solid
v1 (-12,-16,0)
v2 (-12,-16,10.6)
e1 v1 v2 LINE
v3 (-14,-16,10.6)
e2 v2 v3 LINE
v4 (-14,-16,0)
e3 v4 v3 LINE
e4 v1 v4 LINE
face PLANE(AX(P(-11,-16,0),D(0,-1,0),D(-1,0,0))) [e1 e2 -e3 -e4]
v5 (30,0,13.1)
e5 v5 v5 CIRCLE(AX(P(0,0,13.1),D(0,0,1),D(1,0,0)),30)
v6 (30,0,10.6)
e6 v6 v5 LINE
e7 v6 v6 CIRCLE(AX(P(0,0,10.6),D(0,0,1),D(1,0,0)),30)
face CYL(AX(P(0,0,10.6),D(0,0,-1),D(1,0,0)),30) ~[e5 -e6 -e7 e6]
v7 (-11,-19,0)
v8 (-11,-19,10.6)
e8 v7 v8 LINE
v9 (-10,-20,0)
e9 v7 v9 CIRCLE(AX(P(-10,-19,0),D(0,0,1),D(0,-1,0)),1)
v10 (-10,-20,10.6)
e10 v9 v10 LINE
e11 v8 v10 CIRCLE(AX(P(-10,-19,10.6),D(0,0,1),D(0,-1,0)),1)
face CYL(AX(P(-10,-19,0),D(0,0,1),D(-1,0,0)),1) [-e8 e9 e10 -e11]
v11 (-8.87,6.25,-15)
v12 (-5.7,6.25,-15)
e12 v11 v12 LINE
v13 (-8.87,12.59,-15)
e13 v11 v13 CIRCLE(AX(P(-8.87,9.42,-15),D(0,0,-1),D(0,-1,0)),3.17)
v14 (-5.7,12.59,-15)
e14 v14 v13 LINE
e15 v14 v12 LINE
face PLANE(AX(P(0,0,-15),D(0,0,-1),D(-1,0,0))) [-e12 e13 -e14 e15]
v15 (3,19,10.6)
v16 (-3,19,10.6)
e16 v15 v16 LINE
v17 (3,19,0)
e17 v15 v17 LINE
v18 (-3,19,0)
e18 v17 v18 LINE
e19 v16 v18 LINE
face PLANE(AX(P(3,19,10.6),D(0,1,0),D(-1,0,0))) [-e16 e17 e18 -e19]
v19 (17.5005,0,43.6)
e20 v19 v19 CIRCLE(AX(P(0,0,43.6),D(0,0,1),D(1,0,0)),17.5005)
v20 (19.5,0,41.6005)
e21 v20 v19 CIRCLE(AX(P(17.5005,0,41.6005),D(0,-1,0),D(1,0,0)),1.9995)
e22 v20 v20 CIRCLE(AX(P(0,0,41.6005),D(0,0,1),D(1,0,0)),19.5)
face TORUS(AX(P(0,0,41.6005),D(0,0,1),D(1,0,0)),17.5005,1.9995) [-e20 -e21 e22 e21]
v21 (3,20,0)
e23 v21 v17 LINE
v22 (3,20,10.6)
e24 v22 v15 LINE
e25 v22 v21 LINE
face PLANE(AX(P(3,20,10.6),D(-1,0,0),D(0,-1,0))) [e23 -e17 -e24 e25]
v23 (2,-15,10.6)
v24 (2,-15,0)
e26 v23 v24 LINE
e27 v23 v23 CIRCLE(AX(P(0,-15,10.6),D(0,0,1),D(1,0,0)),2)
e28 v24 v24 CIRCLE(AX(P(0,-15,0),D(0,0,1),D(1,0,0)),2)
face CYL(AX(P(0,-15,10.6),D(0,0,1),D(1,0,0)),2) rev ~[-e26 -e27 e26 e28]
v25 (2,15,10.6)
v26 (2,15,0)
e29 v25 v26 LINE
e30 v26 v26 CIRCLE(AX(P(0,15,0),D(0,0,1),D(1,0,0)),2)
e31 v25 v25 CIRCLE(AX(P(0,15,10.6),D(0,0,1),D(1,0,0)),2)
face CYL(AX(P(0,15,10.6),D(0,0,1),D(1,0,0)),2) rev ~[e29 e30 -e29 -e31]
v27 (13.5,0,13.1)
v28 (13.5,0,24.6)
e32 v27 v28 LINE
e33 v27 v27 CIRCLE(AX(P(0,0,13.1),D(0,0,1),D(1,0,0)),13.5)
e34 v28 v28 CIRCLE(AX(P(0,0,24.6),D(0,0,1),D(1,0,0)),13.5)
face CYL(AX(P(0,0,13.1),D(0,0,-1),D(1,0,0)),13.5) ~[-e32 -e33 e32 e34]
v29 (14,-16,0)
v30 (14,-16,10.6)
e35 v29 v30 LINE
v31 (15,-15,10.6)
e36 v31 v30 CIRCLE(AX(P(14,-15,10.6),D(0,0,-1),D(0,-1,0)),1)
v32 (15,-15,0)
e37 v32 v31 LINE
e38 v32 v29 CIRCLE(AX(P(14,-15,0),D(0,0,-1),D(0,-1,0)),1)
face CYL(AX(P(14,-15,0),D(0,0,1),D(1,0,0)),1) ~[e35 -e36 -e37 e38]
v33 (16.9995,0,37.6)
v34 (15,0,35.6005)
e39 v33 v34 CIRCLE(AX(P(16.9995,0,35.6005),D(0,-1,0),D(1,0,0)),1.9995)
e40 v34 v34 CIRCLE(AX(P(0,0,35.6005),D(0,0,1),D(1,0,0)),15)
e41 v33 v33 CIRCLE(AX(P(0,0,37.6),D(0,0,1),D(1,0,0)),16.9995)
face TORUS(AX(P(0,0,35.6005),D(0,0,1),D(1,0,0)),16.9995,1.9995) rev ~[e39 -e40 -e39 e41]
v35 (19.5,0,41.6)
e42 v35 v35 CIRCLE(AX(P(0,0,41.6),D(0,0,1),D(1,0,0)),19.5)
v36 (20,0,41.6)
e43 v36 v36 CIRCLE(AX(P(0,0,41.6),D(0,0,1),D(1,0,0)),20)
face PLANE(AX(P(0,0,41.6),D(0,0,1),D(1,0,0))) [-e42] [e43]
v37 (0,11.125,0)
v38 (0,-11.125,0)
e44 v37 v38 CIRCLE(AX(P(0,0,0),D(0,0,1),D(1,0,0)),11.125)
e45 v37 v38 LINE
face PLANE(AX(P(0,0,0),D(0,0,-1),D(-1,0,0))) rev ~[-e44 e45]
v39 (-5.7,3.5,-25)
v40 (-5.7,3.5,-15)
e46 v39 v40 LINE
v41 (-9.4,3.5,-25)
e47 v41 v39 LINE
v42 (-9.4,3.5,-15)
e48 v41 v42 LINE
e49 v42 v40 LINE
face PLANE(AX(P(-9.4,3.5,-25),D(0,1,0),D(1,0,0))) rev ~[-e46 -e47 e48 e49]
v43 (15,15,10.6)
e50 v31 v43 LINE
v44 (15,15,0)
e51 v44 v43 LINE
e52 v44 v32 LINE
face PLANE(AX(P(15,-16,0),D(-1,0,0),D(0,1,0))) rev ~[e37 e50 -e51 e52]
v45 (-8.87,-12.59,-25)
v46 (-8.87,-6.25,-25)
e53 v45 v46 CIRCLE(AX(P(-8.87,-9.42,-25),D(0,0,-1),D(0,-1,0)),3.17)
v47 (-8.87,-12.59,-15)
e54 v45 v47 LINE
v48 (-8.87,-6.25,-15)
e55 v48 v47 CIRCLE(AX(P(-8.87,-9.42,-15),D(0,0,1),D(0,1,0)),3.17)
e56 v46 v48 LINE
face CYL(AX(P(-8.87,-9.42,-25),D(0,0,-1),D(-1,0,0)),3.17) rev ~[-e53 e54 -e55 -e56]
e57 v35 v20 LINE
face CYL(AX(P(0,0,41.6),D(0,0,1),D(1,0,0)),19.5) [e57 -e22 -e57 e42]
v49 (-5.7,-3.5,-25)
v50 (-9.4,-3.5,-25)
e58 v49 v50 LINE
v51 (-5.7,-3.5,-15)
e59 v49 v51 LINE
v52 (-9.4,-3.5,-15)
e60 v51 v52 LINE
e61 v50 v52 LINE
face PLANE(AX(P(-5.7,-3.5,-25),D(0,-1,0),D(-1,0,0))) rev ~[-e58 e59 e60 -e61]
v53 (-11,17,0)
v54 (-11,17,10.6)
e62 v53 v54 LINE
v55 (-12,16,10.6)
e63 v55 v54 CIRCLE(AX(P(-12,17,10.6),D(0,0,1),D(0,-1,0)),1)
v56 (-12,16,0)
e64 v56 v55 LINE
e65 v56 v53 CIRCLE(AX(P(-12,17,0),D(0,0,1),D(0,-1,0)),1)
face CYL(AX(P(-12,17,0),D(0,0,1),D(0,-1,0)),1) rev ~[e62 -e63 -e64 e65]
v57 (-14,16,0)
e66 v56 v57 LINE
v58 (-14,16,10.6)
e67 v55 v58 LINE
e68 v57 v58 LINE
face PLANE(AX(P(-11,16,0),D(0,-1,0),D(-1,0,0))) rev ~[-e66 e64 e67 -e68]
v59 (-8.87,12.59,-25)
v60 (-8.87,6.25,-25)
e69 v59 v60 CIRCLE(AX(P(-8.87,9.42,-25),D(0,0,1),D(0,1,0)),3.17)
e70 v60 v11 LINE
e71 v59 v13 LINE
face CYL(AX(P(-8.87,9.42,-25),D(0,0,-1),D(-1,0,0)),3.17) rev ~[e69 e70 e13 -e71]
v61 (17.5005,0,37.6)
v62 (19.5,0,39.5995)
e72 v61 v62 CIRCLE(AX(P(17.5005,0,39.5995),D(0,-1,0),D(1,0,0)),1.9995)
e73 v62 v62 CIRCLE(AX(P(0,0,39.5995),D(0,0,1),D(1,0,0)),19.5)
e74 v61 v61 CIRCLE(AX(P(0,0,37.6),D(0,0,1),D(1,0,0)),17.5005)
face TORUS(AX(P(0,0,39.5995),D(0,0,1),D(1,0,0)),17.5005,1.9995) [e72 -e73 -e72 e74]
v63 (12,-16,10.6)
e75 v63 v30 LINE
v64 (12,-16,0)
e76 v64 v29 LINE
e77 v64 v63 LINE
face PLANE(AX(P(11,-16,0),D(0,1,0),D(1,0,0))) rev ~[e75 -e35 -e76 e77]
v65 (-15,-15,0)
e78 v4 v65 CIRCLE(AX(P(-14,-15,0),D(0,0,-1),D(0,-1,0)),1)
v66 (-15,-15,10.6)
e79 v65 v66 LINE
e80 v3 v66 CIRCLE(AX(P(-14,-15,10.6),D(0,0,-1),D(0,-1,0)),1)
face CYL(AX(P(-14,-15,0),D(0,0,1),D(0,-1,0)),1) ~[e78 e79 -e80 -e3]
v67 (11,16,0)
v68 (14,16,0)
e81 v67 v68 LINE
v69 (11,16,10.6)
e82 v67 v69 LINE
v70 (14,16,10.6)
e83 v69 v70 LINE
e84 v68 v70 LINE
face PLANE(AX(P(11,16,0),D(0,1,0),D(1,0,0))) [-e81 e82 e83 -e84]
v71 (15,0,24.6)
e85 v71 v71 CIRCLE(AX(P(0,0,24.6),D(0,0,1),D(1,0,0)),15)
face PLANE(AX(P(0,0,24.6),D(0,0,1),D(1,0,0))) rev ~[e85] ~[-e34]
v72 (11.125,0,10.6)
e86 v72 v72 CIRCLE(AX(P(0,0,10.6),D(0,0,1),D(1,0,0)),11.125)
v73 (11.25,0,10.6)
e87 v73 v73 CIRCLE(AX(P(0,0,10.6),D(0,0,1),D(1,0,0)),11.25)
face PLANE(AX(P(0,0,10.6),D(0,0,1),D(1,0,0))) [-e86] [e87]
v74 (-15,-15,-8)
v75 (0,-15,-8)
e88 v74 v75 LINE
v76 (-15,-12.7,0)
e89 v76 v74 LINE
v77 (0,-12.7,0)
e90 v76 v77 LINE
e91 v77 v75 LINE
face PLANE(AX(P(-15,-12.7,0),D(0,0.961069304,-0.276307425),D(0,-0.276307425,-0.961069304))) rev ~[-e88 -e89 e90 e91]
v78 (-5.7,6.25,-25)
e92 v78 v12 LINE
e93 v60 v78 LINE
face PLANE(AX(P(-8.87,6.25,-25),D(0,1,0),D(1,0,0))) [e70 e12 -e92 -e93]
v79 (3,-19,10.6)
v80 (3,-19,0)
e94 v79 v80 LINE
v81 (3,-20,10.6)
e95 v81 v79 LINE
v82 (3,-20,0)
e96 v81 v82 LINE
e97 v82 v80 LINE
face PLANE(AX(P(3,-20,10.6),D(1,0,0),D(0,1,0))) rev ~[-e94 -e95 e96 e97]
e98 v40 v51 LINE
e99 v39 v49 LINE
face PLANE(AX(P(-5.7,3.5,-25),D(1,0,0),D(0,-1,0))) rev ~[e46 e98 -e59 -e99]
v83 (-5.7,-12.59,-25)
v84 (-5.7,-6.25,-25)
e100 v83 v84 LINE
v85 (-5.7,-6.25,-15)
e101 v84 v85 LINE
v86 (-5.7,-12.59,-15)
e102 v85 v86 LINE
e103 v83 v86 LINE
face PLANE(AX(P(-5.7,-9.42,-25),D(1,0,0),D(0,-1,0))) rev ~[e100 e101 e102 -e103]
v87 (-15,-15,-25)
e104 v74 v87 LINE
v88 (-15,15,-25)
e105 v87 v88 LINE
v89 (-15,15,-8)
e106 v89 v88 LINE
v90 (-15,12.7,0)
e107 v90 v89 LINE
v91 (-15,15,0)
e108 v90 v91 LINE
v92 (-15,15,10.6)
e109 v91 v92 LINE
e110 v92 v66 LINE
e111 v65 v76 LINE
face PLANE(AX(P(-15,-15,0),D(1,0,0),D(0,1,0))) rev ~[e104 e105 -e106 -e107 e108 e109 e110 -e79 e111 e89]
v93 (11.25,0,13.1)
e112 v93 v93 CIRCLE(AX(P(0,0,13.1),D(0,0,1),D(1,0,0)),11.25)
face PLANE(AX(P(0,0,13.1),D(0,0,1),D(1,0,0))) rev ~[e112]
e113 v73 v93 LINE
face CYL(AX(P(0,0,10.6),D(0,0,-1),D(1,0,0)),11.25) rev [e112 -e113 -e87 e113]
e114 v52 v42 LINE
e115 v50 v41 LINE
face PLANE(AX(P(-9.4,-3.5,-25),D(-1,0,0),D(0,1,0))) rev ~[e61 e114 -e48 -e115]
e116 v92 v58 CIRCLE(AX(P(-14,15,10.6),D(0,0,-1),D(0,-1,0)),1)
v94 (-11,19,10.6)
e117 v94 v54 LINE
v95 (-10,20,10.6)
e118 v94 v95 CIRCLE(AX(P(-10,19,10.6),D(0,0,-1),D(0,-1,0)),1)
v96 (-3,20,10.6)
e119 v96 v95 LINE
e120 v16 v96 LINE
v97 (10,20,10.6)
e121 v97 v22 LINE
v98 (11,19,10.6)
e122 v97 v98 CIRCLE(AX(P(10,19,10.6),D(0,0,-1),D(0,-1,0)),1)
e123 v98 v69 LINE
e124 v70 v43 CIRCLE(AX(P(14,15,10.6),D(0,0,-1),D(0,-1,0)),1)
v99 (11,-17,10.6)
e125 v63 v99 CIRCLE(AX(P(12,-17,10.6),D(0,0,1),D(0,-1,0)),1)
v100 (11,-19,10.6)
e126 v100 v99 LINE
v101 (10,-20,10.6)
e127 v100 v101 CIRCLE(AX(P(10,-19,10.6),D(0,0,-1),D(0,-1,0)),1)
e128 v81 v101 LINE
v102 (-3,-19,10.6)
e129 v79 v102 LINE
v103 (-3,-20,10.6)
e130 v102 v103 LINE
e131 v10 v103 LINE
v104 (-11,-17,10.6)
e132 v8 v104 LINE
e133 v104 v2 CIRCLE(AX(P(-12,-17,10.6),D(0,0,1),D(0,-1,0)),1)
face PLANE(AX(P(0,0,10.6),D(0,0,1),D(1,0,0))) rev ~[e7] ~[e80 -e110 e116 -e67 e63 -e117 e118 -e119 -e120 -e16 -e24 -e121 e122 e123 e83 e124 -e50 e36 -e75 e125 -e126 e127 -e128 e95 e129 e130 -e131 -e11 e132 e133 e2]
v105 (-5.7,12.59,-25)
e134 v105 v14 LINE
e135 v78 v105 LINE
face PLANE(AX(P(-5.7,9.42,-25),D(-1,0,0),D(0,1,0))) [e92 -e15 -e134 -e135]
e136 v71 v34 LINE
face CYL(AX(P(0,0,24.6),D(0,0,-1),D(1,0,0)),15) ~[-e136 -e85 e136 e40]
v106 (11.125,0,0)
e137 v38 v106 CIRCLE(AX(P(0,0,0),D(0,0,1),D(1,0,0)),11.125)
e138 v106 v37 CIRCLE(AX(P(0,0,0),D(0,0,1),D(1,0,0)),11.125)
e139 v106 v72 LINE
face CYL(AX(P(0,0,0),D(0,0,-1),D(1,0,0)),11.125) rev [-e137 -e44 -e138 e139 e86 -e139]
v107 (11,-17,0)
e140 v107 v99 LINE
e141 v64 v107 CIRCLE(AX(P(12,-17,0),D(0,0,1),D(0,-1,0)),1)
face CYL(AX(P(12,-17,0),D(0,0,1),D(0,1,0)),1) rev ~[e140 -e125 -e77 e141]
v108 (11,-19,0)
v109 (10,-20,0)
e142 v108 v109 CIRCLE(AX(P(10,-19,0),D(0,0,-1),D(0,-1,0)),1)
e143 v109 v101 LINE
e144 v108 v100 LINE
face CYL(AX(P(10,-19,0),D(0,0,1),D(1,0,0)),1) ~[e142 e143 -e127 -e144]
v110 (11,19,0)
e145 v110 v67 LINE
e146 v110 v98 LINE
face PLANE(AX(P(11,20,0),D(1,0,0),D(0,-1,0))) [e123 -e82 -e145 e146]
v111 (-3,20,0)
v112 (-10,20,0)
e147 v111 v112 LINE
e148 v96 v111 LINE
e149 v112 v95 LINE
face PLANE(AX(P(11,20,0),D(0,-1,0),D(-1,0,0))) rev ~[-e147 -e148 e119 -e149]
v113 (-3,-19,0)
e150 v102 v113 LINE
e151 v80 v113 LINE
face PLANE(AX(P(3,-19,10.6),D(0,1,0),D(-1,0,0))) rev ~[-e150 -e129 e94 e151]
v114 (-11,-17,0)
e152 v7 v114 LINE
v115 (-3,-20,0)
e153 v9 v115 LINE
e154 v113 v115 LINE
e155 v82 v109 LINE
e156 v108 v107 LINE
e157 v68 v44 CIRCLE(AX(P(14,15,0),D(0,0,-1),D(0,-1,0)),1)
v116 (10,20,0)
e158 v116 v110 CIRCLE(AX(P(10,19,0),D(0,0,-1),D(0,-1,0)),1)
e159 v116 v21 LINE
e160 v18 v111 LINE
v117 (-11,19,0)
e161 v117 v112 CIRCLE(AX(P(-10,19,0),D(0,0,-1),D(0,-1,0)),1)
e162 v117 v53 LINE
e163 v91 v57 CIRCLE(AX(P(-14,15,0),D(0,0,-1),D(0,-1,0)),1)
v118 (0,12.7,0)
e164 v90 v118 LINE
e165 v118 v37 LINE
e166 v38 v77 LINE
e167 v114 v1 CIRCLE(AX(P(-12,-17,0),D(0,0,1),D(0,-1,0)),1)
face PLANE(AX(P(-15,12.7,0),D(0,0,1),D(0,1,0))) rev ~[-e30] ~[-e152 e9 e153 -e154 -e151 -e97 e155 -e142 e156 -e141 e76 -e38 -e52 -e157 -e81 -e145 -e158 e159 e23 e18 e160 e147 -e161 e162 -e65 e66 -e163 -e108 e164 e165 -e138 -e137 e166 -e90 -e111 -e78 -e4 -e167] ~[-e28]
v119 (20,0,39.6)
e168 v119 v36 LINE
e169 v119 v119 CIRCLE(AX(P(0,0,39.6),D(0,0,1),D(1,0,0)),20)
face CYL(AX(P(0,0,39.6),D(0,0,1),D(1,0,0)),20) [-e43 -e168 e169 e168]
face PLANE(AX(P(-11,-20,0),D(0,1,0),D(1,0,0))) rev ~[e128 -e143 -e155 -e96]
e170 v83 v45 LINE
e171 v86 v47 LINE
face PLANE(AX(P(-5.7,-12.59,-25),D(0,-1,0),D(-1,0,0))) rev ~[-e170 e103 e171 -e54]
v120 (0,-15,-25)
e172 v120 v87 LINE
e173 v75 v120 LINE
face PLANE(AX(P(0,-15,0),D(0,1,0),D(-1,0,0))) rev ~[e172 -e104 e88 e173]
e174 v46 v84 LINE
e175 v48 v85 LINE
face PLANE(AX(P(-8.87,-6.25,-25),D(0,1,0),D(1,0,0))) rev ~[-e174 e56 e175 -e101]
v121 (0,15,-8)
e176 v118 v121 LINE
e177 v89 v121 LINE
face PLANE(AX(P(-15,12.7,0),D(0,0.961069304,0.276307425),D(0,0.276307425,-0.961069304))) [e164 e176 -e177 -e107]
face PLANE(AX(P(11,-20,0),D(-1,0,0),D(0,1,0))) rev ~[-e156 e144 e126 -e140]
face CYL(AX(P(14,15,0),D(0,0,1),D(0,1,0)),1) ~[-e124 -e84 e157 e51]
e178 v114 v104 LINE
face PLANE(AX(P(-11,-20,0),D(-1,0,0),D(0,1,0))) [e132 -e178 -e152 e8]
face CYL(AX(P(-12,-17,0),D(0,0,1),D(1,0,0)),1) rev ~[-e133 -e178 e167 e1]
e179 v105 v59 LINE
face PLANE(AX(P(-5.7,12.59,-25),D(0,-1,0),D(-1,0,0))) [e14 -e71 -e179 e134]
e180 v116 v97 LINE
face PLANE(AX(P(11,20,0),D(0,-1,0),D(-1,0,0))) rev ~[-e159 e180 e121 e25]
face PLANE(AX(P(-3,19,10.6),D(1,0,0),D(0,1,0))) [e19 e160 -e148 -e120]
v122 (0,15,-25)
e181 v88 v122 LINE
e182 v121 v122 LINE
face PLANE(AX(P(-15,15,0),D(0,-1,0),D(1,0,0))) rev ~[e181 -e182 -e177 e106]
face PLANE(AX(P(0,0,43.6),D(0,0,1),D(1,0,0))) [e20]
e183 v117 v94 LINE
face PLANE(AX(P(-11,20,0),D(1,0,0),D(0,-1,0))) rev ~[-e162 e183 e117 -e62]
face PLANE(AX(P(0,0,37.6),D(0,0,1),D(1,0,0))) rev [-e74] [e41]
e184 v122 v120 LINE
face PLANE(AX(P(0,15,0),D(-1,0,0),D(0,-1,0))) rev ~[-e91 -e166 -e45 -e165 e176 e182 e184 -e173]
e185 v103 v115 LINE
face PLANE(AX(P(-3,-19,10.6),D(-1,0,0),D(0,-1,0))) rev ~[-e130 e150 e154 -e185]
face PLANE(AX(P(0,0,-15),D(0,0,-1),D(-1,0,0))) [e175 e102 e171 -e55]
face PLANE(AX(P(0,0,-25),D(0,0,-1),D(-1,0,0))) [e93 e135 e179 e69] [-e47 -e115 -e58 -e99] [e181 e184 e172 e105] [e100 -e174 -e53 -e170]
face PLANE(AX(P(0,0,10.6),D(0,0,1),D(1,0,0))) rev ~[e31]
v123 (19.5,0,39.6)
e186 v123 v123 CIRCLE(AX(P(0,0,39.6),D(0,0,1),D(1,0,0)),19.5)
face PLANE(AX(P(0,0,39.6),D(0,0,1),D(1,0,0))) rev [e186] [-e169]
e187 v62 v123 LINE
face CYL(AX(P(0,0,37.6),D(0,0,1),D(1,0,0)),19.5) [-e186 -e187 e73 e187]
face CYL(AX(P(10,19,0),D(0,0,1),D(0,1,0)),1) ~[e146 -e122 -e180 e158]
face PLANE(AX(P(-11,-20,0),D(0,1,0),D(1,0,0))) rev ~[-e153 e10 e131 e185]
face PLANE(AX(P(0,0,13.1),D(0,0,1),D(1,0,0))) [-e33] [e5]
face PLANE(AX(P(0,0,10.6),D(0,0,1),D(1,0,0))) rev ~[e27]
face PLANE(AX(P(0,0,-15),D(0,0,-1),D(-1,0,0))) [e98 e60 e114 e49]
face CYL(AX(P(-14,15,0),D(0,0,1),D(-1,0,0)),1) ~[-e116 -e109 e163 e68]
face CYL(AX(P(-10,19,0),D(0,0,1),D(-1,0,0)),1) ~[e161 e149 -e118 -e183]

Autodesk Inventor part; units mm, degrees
ref_plane "YZ Plane" through (0, 0, 0) normal (1, 0, 0) x (0, 1, 0)
ref_plane "XZ Plane" through (0, 0, 0) normal (0, 1, 0) x (-1, 0, 0)
ref_plane "XY Plane" through (0, 0, 0) normal (0, 0, 1) x (1, 0, 0)
sketch "Base" plane through (0, 0, 0) normal (0, 0, 1) x (1, 0, 0)
  line L0 (-15, -20) -> (15, -20)
  line L1 (15, -20) -> (15, 20)
  line L2 (15, 20) -> (-15, 20)
  line L3 (-15, 20) -> (-15, -20)
  line L4 (-15, -20) -> (15, 20) construction
  line L5 (15, -20) -> (-15, 20) construction
  circle A0 centre (0, 0) radius 11.125
  line L6 (-15, 20) -> (-11, 20)
  line L7 (-11, 20) -> (-11, 16)
  line L8 (-11, 16) -> (-15, 16)
  line L9 (-15, 16) -> (-15, 20)
  line L10 (-21, 0) -> (21, 0) construction
  line L11 (0, -28) -> (0, 28) construction
  line L12 (11, 20) -> (11, 16)
  line L13 (11, 16) -> (15, 16)
  line L14 (-11, -20) -> (-11, -16)
  line L15 (-11, -16) -> (-15, -16)
  line L16 (11, -16) -> (15, -16)
  line L17 (11, -20) -> (11, -16)
  dimension "d0" = 40
  dimension "d1" = 30
  dimension "d2" = 22.25
  dimension "d5" = 4
extrude "BaseFeature" add sketch "Base" along normal blind 10.6 contours L14 L15 L3 L8 L7 L2 L12 L13 L1 L16 L17 L0
fillet "BaseFilletsFeature" radius 1 11 edges at (-15, 16, 5.3) (-11, 20, 5.3) (11, 20, 5.3) (15, 16, 5.3) (-11, 16, 5.3) (-15, -16, 5.3) (-11, -16, 5.3) (-11, -20, 5.3) (11, -20, 5.3) (11, -16, 5.3) (15, -16, 5.3)
sketch "MountHoles" plane through (0, 0, 10.6) normal (0, 0, 1) x (1, 0, 0)
  line L0 (10, 20) -> (-10, 20) projected
  line L1 (-3, 20) -> (3, 20)
  line L2 (3, 20) -> (3, 19)
  line L3 (3, 19) -> (-3, 19)
  line L4 (-3, 19) -> (-3, 20)
  line L5 (-21, 0) -> (21, 0) construction
  line L6 (3, -20) -> (3, -19)
  line L7 (3, -19) -> (-3, -19)
  line L8 (-3, -19) -> (-3, -20)
  line L9 (-10, -20) -> (10, -20) projected
  circle A0 centre (0, 0) radius 11.125 construction
  circle A1 centre (0, 15) radius 2
  circle A2 centre (0, -15) radius 2
  line L10 (0, -28) -> (0, 28) construction
  point P0 (0, 20)
  dimension "d7" = 1
  dimension "d8" = 6
  dimension "d9" = 4
  dimension "d10" = 30
extrude "MountHolesFeature" cut sketch "MountHoles" against normal through all
sketch "Body" plane through (0, 0, 0) normal (0, 0, -1) x (-1, 0, 0)
  line L0 (15, 15) -> (0, 15)
  line L1 (0, 15) -> (0, -15)
  line L2 (0, -15) -> (15, -15)
  line L3 (15, -15) -> (15, 15)
  line L4 (15, 15) -> (15, -15) projected
  point P0 (0, 0)
  dimension "d13" = 15
extrude "BodyFeature" add sketch "Body" along normal blind 25
sketch "Chamfer" plane through (-15, -15, 10.6) normal (-1, 0, 0) x (0, 0, 1)
  line L0 (-10.6, 0) -> (-35.6, 0) projected
  line L1 (-10.6, 0) -> (-10.6, 2.3)
  line L2 (-10.6, 0) -> (-10.6, 30) projected
  line L3 (-10.6, 2.3) -> (-18.6, 0)
  line L4 (-42.72, 15) -> (7.12, 15) construction
  line L5 (-10.6, 30) -> (-10.6, 27.7)
  line L6 (-10.6, 27.7) -> (-18.6, 30)
  line L7 (-10.6, 30) -> (-35.6, 30) projected
  line L8 (-18.6, 30) -> (-18.6, 0) construction
  point P0 (-10.6, 15)
  dimension "d16" = 8
  dimension "d17" = 2.3
extrude "ChamferFeature" cut sketch "Chamfer" against normal through all
sketch "Terminals" plane through (0, 0, -25) normal (0, 0, -1) x (-1, 0, 0)
  line L0 (15, -15) -> (15, 15) construction
  line L1 (15, 15) -> (0, 15) construction
  line L2 (0, 15) -> (0, -15) construction
  line L3 (0, -15) -> (15, -15) construction
  line L4 (0, -15) -> (15, -15) projected
  line L5 (5.7, -15) -> (5.7, 15) construction
  line L6 (21, 0) -> (-21, 0) construction
  line L7 (5.7, -12.59) -> (8.87, -12.59)
  line L8 (8.87, -12.59) -> (8.87, -6.25) construction
  line L9 (8.87, -6.25) -> (5.7, -6.25)
  line L10 (5.7, -6.25) -> (5.7, -12.59)
  circle A0 centre (8.87, -9.42) radius 3.17
  line L11 (8.87, -9.42) -> (12.04, -9.42) construction
  line L12 (5.7, 12.59) -> (8.87, 12.59)
  line L13 (8.87, 6.25) -> (5.7, 6.25)
  line L14 (5.7, 6.25) -> (5.7, 12.59)
  circle A1 centre (8.87, 9.42) radius 3.17
  line L15 (5.7, -3.5) -> (9.4, -3.5)
  line L16 (9.4, -3.5) -> (9.4, 3.5)
  line L17 (9.4, 3.5) -> (5.7, 3.5)
  line L18 (5.7, 3.5) -> (5.7, -3.5)
  point P0 (0, 0)
  point P1 (5.7, 0)
  dimension "d20" = 6.34
  dimension "d21" = 5.7
  dimension "d22" = 12.5
  dimension "d23" = 3.7
  dimension "d24" = 7
extrude "TerminalsFeature" cut sketch "Terminals" against normal blind 10
sketch "Ring" plane through (0, 0, 10.6) normal (0, 0, 1) x (1, 0, 0)
  arc A0 (0, -11.125) -> (0, 11.125) centre (0, 0) ccw projected
  circle A1 centre (0, 0) radius 30
  circle A2 centre (0, 0) radius 11.25
  dimension "d27" = 60
  dimension "d28" = 22.5
extrude "RingFeature" add sketch "Ring" along normal blind 2.5
sketch "ButtonNeck" plane through (0, 0, 13.1) normal (0, 0, 1) x (1, 0, 0)
  arc A0 (0, -11.125) -> (0, 11.125) centre (0, 0) ccw projected
  circle A1 centre (0, 0) radius 13.5
  dimension "d31" = 27
extrude "ButtonNeckFeature" add sketch "ButtonNeck" along normal blind 11.5
sketch "ButtonBody" plane through (0, 0, 24.6) normal (0, 0, 1) x (1, 0, 0)
  circle A0 centre (0, 0) radius 11.25 projected
  circle A1 centre (0, 0) radius 15
  dimension "d34" = 30
extrude "ButtonBodyFeature" add sketch "ButtonBody" along normal blind 13 contours A0 | A1
sketch "ButtonHead" plane through (0, 0, 0) normal (0, 1, 0) x (-1, 0, 0)
  line L0 (15, 37.6) -> (-15, 37.6) projected
  line L1 (-15, 37.6) -> (-19.5, 37.6)
  line L2 (-19.5, 37.6) -> (-19.5, 39.6)
  line L3 (-19.5, 39.6) -> (-20, 39.6)
  line L4 (-20, 39.6) -> (-20, 41.6)
  line L5 (-20, 41.6) -> (-19.5, 41.6)
  line L6 (-19.5, 41.6) -> (-19.5, 43.6)
  line L7 (-19.5, 43.6) -> (0, 43.6)
  line L8 (0, 43.6) -> (0, 37.6)
  line L9 (-20, 40.6) -> (0, 40.6) construction
  line L10 (0, -38.72) -> (0, 57.32) projected
  point P0 (0, 0)
  point P1 (-17.25, 37.6)
  dimension "d37" = 6
  dimension "d38" = 2
  dimension "d39" = 20
  dimension "d40" = 0.5
revolve "ButtonHeadFeature" add sketch "ButtonHead" angle 360 about axis through (0, 0, -10) along (0, 0, 1)
fillet "ButtonHeadFilletsFeature" radius 2 3 edges at (-15, 0, 37.6) (-19.5, 0, 37.6) (-19.5, 0, 43.6)
properties part number "E-Stop"
